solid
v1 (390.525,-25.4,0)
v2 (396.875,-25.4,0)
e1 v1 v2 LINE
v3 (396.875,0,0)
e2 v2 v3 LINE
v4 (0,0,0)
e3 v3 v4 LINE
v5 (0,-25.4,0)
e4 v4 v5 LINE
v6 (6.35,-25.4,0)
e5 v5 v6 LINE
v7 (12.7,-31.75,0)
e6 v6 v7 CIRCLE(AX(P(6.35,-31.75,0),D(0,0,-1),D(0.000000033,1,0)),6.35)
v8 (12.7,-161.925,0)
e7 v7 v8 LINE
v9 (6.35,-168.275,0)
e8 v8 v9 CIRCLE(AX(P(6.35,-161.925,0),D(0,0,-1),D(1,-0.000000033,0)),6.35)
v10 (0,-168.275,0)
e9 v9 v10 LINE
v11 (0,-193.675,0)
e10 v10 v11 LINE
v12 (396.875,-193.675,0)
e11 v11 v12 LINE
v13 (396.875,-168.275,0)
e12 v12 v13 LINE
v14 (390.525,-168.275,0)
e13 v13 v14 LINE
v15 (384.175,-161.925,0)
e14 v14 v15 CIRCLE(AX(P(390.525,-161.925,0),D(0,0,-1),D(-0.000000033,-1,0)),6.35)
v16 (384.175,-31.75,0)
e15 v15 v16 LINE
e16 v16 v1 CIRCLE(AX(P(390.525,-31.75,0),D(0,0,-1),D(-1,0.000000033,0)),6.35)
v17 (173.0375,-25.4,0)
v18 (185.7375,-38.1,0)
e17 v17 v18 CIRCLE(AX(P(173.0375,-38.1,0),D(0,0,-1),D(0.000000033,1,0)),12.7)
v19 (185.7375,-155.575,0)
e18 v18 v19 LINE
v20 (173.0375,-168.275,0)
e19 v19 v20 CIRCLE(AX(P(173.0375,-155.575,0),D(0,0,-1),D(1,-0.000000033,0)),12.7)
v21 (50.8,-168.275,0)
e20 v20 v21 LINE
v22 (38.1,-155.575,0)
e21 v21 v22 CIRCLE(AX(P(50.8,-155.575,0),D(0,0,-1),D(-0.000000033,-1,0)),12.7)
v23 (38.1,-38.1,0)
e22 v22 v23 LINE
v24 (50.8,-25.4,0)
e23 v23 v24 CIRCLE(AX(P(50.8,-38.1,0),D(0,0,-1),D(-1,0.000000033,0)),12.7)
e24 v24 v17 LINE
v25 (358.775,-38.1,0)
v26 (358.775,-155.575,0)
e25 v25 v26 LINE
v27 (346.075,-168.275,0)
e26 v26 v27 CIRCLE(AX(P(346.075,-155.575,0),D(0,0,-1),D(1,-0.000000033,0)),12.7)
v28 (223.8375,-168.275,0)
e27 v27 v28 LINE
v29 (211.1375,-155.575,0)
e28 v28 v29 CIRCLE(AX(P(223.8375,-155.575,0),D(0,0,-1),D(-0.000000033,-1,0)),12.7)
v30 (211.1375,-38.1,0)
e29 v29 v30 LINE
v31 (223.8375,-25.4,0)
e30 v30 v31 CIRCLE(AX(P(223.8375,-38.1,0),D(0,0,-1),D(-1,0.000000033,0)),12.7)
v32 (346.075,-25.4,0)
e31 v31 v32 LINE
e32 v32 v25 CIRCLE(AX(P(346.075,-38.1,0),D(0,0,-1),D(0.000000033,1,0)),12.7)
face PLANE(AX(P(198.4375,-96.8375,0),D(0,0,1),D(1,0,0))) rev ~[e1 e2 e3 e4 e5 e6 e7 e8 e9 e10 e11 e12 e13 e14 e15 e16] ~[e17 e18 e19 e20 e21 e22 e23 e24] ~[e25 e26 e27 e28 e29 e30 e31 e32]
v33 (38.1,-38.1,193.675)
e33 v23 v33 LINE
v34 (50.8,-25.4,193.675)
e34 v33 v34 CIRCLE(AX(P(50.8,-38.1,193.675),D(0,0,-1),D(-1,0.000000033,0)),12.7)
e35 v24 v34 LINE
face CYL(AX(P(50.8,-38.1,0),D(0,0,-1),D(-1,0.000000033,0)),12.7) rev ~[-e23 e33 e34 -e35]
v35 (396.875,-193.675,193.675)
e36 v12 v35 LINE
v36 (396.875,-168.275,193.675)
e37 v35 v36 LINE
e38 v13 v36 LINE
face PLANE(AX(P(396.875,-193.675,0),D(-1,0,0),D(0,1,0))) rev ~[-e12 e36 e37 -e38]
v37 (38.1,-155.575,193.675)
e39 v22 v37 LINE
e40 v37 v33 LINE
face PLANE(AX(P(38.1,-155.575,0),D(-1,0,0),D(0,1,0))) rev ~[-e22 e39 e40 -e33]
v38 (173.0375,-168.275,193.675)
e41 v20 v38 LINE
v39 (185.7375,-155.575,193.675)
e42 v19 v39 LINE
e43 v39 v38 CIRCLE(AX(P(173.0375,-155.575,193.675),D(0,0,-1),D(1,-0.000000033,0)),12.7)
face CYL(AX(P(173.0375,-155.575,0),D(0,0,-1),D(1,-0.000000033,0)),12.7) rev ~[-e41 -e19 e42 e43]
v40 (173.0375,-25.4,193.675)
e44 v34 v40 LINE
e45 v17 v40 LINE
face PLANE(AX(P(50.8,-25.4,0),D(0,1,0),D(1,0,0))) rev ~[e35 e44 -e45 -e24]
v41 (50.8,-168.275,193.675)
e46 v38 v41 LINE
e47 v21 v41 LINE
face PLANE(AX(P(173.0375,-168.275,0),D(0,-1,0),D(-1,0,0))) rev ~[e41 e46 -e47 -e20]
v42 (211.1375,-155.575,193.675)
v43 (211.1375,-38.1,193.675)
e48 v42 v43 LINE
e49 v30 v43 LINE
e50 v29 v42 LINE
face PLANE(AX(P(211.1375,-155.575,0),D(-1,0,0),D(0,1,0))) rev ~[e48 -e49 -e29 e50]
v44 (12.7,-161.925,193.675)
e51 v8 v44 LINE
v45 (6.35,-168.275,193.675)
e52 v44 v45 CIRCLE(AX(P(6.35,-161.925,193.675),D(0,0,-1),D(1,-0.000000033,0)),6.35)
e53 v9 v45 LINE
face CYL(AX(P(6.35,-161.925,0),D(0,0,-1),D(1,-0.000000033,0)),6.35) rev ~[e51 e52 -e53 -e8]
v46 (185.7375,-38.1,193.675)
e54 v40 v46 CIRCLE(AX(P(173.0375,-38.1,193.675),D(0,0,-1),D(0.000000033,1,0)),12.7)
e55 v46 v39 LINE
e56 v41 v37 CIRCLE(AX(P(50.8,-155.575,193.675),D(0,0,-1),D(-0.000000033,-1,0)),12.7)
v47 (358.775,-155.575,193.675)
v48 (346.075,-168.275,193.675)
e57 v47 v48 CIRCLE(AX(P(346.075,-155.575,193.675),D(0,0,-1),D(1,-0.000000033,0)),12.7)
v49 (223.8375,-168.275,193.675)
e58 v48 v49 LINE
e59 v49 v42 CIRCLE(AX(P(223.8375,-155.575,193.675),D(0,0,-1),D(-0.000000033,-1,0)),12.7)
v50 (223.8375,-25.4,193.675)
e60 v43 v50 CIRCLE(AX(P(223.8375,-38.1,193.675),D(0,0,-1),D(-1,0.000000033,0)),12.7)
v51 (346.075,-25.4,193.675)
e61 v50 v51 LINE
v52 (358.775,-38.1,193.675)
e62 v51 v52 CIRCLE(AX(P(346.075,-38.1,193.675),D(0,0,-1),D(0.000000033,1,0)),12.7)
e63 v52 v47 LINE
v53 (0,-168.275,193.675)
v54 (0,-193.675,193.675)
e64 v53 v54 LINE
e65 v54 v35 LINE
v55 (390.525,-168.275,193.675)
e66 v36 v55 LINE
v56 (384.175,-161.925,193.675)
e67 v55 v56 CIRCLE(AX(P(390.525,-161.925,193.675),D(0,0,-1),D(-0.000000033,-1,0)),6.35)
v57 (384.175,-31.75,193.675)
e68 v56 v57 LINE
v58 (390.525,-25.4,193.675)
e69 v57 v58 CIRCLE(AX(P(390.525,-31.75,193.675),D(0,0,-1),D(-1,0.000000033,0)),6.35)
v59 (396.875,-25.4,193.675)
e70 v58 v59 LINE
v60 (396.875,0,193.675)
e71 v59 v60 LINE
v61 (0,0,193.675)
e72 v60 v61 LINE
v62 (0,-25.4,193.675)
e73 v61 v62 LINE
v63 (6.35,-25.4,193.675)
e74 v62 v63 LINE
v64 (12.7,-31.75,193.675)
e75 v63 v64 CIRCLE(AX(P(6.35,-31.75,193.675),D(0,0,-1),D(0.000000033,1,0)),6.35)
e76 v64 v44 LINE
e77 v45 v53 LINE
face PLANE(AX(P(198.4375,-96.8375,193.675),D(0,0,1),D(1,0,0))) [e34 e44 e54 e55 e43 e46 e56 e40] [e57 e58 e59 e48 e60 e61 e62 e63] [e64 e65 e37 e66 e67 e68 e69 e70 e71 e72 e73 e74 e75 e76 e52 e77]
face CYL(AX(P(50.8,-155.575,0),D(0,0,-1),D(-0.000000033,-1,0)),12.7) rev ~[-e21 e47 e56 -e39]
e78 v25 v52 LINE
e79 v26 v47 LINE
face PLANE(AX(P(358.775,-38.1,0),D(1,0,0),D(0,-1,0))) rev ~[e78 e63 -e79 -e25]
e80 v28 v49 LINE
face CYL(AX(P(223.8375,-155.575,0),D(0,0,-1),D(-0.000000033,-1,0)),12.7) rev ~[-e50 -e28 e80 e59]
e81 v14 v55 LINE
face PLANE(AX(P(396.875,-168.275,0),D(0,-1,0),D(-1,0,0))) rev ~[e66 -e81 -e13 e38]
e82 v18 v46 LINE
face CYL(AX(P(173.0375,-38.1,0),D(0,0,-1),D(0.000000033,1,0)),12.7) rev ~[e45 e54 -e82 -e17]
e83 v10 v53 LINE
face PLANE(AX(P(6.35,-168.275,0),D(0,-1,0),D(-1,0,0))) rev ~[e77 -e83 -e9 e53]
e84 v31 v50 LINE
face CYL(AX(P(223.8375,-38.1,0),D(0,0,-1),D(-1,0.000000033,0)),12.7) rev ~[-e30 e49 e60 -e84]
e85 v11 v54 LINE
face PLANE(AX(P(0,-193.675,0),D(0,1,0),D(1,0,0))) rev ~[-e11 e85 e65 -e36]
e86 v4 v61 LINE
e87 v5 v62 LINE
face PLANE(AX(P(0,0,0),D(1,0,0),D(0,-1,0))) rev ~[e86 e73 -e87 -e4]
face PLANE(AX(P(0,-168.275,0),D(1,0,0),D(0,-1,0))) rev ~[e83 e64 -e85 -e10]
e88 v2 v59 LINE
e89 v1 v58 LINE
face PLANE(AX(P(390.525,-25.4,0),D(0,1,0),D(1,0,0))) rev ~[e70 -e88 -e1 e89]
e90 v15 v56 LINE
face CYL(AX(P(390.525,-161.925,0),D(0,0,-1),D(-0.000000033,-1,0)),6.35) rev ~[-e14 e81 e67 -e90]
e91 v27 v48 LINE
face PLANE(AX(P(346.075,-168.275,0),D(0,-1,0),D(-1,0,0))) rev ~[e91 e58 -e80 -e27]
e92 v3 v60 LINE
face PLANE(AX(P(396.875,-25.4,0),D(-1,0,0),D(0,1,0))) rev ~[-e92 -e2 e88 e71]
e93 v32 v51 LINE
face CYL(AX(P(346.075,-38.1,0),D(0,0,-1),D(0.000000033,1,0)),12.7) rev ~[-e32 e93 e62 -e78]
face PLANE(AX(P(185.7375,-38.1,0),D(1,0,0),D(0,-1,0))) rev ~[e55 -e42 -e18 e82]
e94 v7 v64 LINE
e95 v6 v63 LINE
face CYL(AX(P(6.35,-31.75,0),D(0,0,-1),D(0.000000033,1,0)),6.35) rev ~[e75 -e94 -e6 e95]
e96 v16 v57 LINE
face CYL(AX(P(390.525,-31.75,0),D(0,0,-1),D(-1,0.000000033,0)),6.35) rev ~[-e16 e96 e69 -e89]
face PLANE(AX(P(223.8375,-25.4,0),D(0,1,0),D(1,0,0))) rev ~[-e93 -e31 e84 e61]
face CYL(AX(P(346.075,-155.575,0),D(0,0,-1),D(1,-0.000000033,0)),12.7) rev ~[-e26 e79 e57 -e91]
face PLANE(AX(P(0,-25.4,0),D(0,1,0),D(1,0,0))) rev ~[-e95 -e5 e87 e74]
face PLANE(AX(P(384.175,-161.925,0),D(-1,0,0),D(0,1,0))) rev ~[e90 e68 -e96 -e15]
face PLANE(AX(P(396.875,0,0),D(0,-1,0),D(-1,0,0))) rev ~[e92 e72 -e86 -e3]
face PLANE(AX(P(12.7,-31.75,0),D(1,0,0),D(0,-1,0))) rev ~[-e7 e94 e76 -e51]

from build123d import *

# Parameters (mm, degrees)
F1_DEPTH = 193.675


with BuildPart() as f1:
    # F0 (on Top) → F1 (new body)
    with BuildSketch(Plane.XY):
        with BuildLine():
            Line((396.875, 0), (0, 0))
            Line((0, 0), (0, -25.4))
            Line((0, -25.4), (6.35, -25.4))
            ThreePointArc((6.35, -25.4), (10.840128, -27.259872), (12.7, -31.75))
            Line((12.7, -31.75), (12.7, -161.925))
            ThreePointArc((12.7, -161.925), (10.840128, -166.415128), (6.35, -168.275))
            Line((6.35, -168.275), (0, -168.275))
            Line((0, -168.275), (0, -193.675))
            Line((0, -193.675), (396.875, -193.675))
            Line((396.875, -193.675), (396.875, -168.275))
            Line((396.875, -168.275), (390.525, -168.275))
            ThreePointArc((390.525, -168.275), (386.034872, -166.415128), (384.175, -161.925))
            Line((384.175, -161.925), (384.175, -31.75))
            ThreePointArc((384.175, -31.75), (386.034872, -27.259872), (390.525, -25.4))
            Line((390.525, -25.4), (396.875, -25.4))
            Line((396.875, -25.4), (396.875, 0))
        make_face()
        with BuildLine():
            Line((38.1, -155.575), (38.1, -96.8375))
            Line((38.1, -96.8375), (38.1, -38.1))
            ThreePointArc((38.1, -38.1), (41.819744, -29.119744), (50.8, -25.4))
            Line((50.8, -25.4), (173.0375, -25.4))
            ThreePointArc((173.0375, -25.4), (182.017756, -29.119744), (185.7375, -38.1))
            Line((185.7375, -38.1), (185.7375, -155.575))
            ThreePointArc((185.7375, -155.575), (182.017756, -164.555256), (173.0375, -168.275))
            Line((173.0375, -168.275), (50.8, -168.275))
            ThreePointArc((50.8, -168.275), (41.819744, -164.555256), (38.1, -155.575))
        make_face(mode=Mode.SUBTRACT)
        with BuildLine():
            Line((358.775, -96.8375), (358.775, -155.575))
            ThreePointArc((358.775, -155.575), (355.055256, -164.555256), (346.075, -168.275))
            Line((346.075, -168.275), (223.8375, -168.275))
            ThreePointArc((223.8375, -168.275), (214.857244, -164.555256), (211.1375, -155.575))
            Line((211.1375, -155.575), (211.1375, -38.1))
            ThreePointArc((211.1375, -38.1), (214.857244, -29.119744), (223.8375, -25.4))
            Line((223.8375, -25.4), (346.075, -25.4))
            ThreePointArc((346.075, -25.4), (355.055256, -29.119744), (358.775, -38.1))
            Line((358.775, -38.1), (358.775, -96.8375))
        make_face(mode=Mode.SUBTRACT)
    extrude(amount=F1_DEPTH)


solid = f1.part
